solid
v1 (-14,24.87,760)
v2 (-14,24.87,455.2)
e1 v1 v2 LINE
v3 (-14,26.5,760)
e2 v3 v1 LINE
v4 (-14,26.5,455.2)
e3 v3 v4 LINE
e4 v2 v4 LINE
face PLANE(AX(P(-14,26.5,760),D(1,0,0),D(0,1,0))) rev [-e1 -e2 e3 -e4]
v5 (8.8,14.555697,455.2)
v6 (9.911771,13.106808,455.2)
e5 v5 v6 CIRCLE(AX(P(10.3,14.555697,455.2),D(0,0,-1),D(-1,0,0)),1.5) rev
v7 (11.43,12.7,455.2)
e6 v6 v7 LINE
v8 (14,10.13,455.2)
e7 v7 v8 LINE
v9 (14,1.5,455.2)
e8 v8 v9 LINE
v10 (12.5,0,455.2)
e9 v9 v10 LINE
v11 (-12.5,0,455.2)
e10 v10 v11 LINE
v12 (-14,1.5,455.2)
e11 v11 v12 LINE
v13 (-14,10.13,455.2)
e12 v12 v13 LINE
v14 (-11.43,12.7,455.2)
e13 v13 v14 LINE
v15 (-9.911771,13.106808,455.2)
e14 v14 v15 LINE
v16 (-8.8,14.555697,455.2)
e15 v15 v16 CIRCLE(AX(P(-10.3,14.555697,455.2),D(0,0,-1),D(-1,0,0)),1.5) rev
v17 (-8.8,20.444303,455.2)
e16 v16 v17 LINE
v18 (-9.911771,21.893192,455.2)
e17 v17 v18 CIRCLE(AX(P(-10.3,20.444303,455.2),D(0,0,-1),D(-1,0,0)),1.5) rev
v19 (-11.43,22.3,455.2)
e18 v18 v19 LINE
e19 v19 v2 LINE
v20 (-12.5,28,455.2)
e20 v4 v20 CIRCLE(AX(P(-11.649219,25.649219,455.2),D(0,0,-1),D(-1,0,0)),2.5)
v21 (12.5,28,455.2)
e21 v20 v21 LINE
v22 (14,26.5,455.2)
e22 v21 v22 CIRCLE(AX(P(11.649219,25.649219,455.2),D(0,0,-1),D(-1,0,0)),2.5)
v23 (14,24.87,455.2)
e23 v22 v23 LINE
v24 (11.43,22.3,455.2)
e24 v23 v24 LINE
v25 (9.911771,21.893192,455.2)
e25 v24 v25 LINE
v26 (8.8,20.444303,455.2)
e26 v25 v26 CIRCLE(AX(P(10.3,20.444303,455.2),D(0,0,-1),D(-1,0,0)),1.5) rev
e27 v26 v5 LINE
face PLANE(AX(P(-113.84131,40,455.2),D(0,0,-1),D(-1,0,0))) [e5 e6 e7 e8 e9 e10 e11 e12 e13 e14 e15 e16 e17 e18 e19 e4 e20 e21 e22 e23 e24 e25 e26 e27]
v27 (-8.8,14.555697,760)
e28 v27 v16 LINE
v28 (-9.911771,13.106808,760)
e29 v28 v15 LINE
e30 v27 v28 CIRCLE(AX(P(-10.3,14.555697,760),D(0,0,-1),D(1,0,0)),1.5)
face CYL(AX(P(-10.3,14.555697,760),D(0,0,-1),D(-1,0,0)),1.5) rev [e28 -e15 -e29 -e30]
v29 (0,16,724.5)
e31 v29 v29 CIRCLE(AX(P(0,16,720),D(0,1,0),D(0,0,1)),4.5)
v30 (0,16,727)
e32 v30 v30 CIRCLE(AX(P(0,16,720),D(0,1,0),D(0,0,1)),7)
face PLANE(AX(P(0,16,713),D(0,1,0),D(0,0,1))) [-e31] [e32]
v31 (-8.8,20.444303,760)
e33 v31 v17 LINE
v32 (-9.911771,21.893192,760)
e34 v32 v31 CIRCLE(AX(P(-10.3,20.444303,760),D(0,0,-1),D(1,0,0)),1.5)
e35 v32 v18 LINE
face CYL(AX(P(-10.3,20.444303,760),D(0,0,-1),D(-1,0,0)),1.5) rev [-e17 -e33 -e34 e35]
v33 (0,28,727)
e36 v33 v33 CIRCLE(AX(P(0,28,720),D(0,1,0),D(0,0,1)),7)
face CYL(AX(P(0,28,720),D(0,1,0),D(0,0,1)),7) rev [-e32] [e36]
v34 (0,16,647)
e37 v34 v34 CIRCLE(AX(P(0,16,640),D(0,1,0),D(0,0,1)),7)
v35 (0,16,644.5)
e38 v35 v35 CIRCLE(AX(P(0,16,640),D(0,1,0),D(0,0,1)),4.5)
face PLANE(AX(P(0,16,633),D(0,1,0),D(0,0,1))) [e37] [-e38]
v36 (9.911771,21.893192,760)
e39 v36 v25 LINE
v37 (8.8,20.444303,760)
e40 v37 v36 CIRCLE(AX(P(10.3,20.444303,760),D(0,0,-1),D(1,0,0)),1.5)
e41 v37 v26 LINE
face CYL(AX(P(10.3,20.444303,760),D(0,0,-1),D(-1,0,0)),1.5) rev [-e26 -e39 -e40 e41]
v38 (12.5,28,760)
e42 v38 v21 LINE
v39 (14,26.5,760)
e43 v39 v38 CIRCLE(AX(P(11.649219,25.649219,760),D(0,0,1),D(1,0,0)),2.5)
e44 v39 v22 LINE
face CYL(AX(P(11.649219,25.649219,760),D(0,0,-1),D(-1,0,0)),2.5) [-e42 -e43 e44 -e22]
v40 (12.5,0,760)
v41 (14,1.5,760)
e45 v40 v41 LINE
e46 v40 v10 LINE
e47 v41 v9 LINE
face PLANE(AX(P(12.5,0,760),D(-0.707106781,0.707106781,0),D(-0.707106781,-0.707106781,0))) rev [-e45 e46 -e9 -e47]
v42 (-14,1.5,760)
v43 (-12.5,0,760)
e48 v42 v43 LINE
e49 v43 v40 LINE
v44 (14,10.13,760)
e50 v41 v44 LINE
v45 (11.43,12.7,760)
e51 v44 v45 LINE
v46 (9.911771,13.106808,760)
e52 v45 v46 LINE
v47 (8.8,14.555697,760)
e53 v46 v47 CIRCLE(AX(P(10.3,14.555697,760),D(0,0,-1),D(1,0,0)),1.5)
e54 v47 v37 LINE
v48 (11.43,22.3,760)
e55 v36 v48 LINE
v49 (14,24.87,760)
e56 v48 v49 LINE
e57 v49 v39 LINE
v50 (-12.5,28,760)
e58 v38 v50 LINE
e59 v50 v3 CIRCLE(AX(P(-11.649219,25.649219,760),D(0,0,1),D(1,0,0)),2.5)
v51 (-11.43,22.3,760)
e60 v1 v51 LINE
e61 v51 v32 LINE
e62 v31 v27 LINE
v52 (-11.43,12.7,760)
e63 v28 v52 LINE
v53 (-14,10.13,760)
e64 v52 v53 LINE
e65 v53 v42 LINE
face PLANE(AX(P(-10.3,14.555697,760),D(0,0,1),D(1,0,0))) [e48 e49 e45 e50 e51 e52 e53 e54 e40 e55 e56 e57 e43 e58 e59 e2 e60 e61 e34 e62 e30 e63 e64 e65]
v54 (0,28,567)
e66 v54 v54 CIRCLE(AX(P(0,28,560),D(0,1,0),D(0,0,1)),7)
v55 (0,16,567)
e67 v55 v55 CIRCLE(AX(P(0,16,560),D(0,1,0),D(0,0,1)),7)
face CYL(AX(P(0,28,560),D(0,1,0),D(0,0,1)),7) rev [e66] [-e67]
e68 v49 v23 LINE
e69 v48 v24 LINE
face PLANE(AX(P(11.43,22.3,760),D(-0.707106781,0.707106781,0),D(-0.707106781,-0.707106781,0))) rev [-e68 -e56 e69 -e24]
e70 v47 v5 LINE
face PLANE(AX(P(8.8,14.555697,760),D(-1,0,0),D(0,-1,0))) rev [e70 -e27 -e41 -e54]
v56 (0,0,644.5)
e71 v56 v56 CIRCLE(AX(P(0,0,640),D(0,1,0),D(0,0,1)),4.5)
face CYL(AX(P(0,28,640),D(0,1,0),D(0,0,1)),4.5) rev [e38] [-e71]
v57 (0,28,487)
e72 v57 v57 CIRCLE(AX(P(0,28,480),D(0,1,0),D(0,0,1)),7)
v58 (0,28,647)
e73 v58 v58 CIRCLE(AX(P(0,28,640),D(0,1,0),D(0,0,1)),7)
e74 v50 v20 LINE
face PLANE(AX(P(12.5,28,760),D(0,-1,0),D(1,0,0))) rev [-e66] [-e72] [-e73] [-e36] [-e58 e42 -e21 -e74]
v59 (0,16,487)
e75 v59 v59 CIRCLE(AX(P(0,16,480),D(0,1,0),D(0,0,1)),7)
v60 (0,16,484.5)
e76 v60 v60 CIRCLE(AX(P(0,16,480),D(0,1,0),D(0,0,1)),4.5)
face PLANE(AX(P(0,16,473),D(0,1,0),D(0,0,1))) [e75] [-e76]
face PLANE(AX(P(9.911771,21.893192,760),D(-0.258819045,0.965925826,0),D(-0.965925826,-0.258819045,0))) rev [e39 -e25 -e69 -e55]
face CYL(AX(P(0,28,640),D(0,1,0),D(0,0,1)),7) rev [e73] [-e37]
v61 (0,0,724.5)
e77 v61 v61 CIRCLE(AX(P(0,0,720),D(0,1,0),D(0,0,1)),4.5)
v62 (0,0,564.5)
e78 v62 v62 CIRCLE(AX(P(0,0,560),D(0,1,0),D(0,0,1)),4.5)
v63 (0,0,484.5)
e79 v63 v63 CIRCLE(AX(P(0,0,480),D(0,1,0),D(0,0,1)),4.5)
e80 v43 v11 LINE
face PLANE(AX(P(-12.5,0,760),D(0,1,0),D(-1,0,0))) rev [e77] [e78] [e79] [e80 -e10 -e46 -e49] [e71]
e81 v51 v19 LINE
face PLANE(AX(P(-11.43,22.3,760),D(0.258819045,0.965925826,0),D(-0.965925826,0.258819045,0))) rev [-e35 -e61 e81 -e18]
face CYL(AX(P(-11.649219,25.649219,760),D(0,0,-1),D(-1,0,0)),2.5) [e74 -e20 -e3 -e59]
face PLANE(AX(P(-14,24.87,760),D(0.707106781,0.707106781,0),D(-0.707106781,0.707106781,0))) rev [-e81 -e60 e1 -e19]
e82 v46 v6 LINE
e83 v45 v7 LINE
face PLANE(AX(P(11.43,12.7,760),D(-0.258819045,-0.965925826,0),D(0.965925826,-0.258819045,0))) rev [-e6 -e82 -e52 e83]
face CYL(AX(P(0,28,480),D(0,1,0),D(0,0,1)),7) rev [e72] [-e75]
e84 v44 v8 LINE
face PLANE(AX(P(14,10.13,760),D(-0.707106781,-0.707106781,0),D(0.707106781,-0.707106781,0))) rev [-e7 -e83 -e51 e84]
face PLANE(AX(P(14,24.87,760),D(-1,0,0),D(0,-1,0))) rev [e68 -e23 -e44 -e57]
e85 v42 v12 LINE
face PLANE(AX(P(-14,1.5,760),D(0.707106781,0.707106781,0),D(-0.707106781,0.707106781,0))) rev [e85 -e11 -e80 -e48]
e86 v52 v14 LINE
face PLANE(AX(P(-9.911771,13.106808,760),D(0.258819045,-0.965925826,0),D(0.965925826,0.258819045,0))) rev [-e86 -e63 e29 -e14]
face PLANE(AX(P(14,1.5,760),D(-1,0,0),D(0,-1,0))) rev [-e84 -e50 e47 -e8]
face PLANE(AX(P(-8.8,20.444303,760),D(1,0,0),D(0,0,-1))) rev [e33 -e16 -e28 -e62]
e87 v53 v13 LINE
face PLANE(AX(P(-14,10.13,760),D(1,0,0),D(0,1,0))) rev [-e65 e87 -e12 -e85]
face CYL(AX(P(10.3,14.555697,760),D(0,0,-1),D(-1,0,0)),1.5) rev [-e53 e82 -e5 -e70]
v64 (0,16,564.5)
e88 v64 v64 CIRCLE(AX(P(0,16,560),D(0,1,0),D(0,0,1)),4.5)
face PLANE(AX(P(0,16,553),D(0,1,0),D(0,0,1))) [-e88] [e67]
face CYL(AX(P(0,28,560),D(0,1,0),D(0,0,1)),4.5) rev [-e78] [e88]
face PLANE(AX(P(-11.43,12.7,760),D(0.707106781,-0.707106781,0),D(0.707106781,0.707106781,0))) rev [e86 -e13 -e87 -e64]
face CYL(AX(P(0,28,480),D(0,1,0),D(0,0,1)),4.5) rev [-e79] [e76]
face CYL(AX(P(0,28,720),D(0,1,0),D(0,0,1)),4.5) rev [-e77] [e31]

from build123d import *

# Parameters (mm, degrees)
BOSS_EXTRUDE1_DEPTH     = 760
LPATTERN1_COUNT         = 2
LPATTERN1_PITCH         = 80
LPATTERN2_COUNT         = 9
LPATTERN2_PITCH         = 160
CUT_EXTRUDE1_DEPTH      = 40
CUT_EXTRUDE1_DEPTH_BACK = 20
SKETCH5_W               = 307.175258626
SKETCH5_H               = 1220.849909684


with BuildPart() as part:
    # Sketch1 → Boss-Extrude1 (new, symmetric)
    with BuildSketch(Plane.XY):
        with BuildLine():
            Line((-9.911771432, 13.106808119), (-11.43, 12.7))
            Line((-11.43, 12.7), (-14, 10.13))
            Line((-14, 10.13), (-14, 1.5))
            Line((-14, 1.5), (-12.5, 0))
            Line((-12.5, 0), (12.5, 0))
            Line((12.5, 0), (14, 1.5))
            Line((14, 1.5), (14, 10.13))
            Line((14, 10.13), (11.43, 12.7))
            Line((11.43, 12.7), (9.911771432, 13.106808119))
            ThreePointArc((9.911771432, 13.106808119), (9.10996999, 13.642554715), (8.8, 14.555696858))
            Line((8.8, 14.555696858), (8.8, 20.444303142))
            ThreePointArc((8.8, 20.444303142), (9.10996999, 21.357445285), (9.911771432, 21.893191881))
            Line((9.911771432, 21.893191881), (11.43, 22.3))
            Line((11.43, 22.3), (14, 24.87))
            Line((14, 24.87), (14, 26.5))
            ThreePointArc((14, 26.5), (13.416985894, 27.416985894), (12.5, 28))
            Line((12.5, 28), (-12.5, 28))
            ThreePointArc((-12.5, 28), (-13.416985894, 27.416985894), (-14, 26.5))
            Line((-14, 26.5), (-14, 24.87))
            Line((-14, 24.87), (-11.43, 22.3))
            Line((-11.43, 22.3), (-9.911771432, 21.893191881))
            ThreePointArc((-9.911771432, 21.893191881), (-9.10996999, 21.357445285), (-8.8, 20.444303142))
            Line((-8.8, 20.444303142), (-8.8, 14.555696858))
            ThreePointArc((-8.8, 14.555696858), (-9.10996999, 13.642554715), (-9.911771432, 13.106808119))
        make_face()
    extrude(amount=BOSS_EXTRUDE1_DEPTH, both=True)

    # Sketch2 → Cut-Revolve1 (revolve, cut)
    with BuildSketch(Plane(origin=(0, 0, 0), x_dir=(0, 0, -1), z_dir=(1, 0, 0)), mode=Mode.PRIVATE) as cut_revolve1_sk:
        Polygon((-720, 28), (-713, 28), (-713, 16), (-715.5, 16), (-715.5, 0), (-720, 0), align=None)
    cut_revolve1 = revolve(cut_revolve1_sk.sketch.rotate(Axis((0, 28, 720), (0, -1, 0)), 180), axis=Axis((0, 28, 720), (0, -1, 0)), mode=Mode.SUBTRACT)

    # LPattern1: Cut-Revolve1 ×2
    with Locations(*[(0, 0, -i * LPATTERN1_PITCH) for i in range(1, LPATTERN1_COUNT)]):
        add(cut_revolve1, mode=Mode.SUBTRACT)

    # Mirror1: Cut-Revolve1 across plane
    add(cut_revolve1.mirror(Plane.XY), mode=Mode.SUBTRACT)

    # Mirror1 copy 1 sketch → Mirror1 copy 1 (revolve, cut)
    with BuildSketch(Plane(origin=(0, 0, 80), x_dir=(0, 0, 1), z_dir=(1, 0, 0))):
        Polygon((-720, -28), (-713, -28), (-713, -16), (-715.5, -16), (-715.5, 0), (-720, 0), align=None)
    revolve(axis=Axis((0, 28, -640), (0, 1, 0)), mode=Mode.SUBTRACT)

    # LPattern2: Cut-Revolve1 ×9
    with Locations(*[(0, 0, -i * LPATTERN2_PITCH) for i in range(1, LPATTERN2_COUNT)]):
        add(cut_revolve1, mode=Mode.SUBTRACT)

    # LPattern2 copy 1 sketch → LPattern2 copy 1 (revolve, cut)
    with BuildSketch(Plane(origin=(0, 0, -240), x_dir=(0, 0, -1), z_dir=(1, 0, 0))):
        Polygon((-720, 28), (-713, 28), (-713, 16), (-715.5, 16), (-715.5, 0), (-720, 0), align=None)
    revolve(axis=Axis((0, 28, 480), (0, -1, 0)), mode=Mode.SUBTRACT)

    # LPattern2 copy 2 sketch → LPattern2 copy 2 (revolve, cut)
    with BuildSketch(Plane(origin=(0, 0, -400), x_dir=(0, 0, -1), z_dir=(1, 0, 0))):
        Polygon((-720, 28), (-713, 28), (-713, 16), (-715.5, 16), (-715.5, 0), (-720, 0), align=None)
    revolve(axis=Axis((0, 28, 320), (0, -1, 0)), mode=Mode.SUBTRACT)

    # LPattern2 copy 3 sketch → LPattern2 copy 3 (revolve, cut)
    with BuildSketch(Plane(origin=(0, 0, -560), x_dir=(0, 0, -1), z_dir=(1, 0, 0))):
        Polygon((-720, 28), (-713, 28), (-713, 16), (-715.5, 16), (-715.5, 0), (-720, 0), align=None)
    revolve(axis=Axis((0, 28, 160), (0, -1, 0)), mode=Mode.SUBTRACT)

    # LPattern2 copy 4 sketch → LPattern2 copy 4 (revolve, cut)
    with BuildSketch(Plane(origin=(0, 0, -720), x_dir=(0, 0, -1), z_dir=(1, 0, 0))):
        Polygon((-720, 28), (-713, 28), (-713, 16), (-715.5, 16), (-715.5, 0), (-720, 0), align=None)
    revolve(axis=Axis((0, 28, 0), (0, -1, 0)), mode=Mode.SUBTRACT)

    # LPattern2 copy 5 sketch → LPattern2 copy 5 (revolve, cut)
    with BuildSketch(Plane(origin=(0, 0, -880), x_dir=(0, 0, -1), z_dir=(1, 0, 0))):
        Polygon((-720, 28), (-713, 28), (-713, 16), (-715.5, 16), (-715.5, 0), (-720, 0), align=None)
    revolve(axis=Axis((0, 28, -160), (0, -1, 0)), mode=Mode.SUBTRACT)

    # LPattern2 copy 6 sketch → LPattern2 copy 6 (revolve, cut)
    with BuildSketch(Plane(origin=(0, 0, -1040), x_dir=(0, 0, -1), z_dir=(1, 0, 0))):
        Polygon((-720, 28), (-713, 28), (-713, 16), (-715.5, 16), (-715.5, 0), (-720, 0), align=None)
    revolve(axis=Axis((0, 28, -320), (0, -1, 0)), mode=Mode.SUBTRACT)

    # LPattern2 copy 7 sketch → LPattern2 copy 7 (revolve, cut)
    with BuildSketch(Plane(origin=(0, 0, -1200), x_dir=(0, 0, -1), z_dir=(1, 0, 0))):
        Polygon((-720, 28), (-713, 28), (-713, 16), (-715.5, 16), (-715.5, 0), (-720, 0), align=None)
    revolve(axis=Axis((0, 28, -480), (0, -1, 0)), mode=Mode.SUBTRACT)

    # LPattern2 copy 8 sketch → LPattern2 copy 8 (revolve, cut)
    with BuildSketch(Plane(origin=(0, 0, -1360), x_dir=(0, 0, -1), z_dir=(1, 0, 0))):
        Polygon((-720, 28), (-713, 28), (-713, 16), (-715.5, 16), (-715.5, 0), (-720, 0), align=None)
    revolve(axis=Axis((0, 28, -640), (0, -1, 0)), mode=Mode.SUBTRACT)

    # Sketch5 → Cut-Extrude1 (cut, two sides: drawn at the far end of the back side and taken through both)
    with BuildSketch(Plane(origin=(0, 0, 0), x_dir=(1, 0, 0), z_dir=(0, 1, 0)).offset(-CUT_EXTRUDE1_DEPTH_BACK)):
        with Locations((39.746319407, 155.224954842)):
            Rectangle(SKETCH5_W, SKETCH5_H)
    extrude(amount=CUT_EXTRUDE1_DEPTH + CUT_EXTRUDE1_DEPTH_BACK, mode=Mode.SUBTRACT)


solid = part.part
